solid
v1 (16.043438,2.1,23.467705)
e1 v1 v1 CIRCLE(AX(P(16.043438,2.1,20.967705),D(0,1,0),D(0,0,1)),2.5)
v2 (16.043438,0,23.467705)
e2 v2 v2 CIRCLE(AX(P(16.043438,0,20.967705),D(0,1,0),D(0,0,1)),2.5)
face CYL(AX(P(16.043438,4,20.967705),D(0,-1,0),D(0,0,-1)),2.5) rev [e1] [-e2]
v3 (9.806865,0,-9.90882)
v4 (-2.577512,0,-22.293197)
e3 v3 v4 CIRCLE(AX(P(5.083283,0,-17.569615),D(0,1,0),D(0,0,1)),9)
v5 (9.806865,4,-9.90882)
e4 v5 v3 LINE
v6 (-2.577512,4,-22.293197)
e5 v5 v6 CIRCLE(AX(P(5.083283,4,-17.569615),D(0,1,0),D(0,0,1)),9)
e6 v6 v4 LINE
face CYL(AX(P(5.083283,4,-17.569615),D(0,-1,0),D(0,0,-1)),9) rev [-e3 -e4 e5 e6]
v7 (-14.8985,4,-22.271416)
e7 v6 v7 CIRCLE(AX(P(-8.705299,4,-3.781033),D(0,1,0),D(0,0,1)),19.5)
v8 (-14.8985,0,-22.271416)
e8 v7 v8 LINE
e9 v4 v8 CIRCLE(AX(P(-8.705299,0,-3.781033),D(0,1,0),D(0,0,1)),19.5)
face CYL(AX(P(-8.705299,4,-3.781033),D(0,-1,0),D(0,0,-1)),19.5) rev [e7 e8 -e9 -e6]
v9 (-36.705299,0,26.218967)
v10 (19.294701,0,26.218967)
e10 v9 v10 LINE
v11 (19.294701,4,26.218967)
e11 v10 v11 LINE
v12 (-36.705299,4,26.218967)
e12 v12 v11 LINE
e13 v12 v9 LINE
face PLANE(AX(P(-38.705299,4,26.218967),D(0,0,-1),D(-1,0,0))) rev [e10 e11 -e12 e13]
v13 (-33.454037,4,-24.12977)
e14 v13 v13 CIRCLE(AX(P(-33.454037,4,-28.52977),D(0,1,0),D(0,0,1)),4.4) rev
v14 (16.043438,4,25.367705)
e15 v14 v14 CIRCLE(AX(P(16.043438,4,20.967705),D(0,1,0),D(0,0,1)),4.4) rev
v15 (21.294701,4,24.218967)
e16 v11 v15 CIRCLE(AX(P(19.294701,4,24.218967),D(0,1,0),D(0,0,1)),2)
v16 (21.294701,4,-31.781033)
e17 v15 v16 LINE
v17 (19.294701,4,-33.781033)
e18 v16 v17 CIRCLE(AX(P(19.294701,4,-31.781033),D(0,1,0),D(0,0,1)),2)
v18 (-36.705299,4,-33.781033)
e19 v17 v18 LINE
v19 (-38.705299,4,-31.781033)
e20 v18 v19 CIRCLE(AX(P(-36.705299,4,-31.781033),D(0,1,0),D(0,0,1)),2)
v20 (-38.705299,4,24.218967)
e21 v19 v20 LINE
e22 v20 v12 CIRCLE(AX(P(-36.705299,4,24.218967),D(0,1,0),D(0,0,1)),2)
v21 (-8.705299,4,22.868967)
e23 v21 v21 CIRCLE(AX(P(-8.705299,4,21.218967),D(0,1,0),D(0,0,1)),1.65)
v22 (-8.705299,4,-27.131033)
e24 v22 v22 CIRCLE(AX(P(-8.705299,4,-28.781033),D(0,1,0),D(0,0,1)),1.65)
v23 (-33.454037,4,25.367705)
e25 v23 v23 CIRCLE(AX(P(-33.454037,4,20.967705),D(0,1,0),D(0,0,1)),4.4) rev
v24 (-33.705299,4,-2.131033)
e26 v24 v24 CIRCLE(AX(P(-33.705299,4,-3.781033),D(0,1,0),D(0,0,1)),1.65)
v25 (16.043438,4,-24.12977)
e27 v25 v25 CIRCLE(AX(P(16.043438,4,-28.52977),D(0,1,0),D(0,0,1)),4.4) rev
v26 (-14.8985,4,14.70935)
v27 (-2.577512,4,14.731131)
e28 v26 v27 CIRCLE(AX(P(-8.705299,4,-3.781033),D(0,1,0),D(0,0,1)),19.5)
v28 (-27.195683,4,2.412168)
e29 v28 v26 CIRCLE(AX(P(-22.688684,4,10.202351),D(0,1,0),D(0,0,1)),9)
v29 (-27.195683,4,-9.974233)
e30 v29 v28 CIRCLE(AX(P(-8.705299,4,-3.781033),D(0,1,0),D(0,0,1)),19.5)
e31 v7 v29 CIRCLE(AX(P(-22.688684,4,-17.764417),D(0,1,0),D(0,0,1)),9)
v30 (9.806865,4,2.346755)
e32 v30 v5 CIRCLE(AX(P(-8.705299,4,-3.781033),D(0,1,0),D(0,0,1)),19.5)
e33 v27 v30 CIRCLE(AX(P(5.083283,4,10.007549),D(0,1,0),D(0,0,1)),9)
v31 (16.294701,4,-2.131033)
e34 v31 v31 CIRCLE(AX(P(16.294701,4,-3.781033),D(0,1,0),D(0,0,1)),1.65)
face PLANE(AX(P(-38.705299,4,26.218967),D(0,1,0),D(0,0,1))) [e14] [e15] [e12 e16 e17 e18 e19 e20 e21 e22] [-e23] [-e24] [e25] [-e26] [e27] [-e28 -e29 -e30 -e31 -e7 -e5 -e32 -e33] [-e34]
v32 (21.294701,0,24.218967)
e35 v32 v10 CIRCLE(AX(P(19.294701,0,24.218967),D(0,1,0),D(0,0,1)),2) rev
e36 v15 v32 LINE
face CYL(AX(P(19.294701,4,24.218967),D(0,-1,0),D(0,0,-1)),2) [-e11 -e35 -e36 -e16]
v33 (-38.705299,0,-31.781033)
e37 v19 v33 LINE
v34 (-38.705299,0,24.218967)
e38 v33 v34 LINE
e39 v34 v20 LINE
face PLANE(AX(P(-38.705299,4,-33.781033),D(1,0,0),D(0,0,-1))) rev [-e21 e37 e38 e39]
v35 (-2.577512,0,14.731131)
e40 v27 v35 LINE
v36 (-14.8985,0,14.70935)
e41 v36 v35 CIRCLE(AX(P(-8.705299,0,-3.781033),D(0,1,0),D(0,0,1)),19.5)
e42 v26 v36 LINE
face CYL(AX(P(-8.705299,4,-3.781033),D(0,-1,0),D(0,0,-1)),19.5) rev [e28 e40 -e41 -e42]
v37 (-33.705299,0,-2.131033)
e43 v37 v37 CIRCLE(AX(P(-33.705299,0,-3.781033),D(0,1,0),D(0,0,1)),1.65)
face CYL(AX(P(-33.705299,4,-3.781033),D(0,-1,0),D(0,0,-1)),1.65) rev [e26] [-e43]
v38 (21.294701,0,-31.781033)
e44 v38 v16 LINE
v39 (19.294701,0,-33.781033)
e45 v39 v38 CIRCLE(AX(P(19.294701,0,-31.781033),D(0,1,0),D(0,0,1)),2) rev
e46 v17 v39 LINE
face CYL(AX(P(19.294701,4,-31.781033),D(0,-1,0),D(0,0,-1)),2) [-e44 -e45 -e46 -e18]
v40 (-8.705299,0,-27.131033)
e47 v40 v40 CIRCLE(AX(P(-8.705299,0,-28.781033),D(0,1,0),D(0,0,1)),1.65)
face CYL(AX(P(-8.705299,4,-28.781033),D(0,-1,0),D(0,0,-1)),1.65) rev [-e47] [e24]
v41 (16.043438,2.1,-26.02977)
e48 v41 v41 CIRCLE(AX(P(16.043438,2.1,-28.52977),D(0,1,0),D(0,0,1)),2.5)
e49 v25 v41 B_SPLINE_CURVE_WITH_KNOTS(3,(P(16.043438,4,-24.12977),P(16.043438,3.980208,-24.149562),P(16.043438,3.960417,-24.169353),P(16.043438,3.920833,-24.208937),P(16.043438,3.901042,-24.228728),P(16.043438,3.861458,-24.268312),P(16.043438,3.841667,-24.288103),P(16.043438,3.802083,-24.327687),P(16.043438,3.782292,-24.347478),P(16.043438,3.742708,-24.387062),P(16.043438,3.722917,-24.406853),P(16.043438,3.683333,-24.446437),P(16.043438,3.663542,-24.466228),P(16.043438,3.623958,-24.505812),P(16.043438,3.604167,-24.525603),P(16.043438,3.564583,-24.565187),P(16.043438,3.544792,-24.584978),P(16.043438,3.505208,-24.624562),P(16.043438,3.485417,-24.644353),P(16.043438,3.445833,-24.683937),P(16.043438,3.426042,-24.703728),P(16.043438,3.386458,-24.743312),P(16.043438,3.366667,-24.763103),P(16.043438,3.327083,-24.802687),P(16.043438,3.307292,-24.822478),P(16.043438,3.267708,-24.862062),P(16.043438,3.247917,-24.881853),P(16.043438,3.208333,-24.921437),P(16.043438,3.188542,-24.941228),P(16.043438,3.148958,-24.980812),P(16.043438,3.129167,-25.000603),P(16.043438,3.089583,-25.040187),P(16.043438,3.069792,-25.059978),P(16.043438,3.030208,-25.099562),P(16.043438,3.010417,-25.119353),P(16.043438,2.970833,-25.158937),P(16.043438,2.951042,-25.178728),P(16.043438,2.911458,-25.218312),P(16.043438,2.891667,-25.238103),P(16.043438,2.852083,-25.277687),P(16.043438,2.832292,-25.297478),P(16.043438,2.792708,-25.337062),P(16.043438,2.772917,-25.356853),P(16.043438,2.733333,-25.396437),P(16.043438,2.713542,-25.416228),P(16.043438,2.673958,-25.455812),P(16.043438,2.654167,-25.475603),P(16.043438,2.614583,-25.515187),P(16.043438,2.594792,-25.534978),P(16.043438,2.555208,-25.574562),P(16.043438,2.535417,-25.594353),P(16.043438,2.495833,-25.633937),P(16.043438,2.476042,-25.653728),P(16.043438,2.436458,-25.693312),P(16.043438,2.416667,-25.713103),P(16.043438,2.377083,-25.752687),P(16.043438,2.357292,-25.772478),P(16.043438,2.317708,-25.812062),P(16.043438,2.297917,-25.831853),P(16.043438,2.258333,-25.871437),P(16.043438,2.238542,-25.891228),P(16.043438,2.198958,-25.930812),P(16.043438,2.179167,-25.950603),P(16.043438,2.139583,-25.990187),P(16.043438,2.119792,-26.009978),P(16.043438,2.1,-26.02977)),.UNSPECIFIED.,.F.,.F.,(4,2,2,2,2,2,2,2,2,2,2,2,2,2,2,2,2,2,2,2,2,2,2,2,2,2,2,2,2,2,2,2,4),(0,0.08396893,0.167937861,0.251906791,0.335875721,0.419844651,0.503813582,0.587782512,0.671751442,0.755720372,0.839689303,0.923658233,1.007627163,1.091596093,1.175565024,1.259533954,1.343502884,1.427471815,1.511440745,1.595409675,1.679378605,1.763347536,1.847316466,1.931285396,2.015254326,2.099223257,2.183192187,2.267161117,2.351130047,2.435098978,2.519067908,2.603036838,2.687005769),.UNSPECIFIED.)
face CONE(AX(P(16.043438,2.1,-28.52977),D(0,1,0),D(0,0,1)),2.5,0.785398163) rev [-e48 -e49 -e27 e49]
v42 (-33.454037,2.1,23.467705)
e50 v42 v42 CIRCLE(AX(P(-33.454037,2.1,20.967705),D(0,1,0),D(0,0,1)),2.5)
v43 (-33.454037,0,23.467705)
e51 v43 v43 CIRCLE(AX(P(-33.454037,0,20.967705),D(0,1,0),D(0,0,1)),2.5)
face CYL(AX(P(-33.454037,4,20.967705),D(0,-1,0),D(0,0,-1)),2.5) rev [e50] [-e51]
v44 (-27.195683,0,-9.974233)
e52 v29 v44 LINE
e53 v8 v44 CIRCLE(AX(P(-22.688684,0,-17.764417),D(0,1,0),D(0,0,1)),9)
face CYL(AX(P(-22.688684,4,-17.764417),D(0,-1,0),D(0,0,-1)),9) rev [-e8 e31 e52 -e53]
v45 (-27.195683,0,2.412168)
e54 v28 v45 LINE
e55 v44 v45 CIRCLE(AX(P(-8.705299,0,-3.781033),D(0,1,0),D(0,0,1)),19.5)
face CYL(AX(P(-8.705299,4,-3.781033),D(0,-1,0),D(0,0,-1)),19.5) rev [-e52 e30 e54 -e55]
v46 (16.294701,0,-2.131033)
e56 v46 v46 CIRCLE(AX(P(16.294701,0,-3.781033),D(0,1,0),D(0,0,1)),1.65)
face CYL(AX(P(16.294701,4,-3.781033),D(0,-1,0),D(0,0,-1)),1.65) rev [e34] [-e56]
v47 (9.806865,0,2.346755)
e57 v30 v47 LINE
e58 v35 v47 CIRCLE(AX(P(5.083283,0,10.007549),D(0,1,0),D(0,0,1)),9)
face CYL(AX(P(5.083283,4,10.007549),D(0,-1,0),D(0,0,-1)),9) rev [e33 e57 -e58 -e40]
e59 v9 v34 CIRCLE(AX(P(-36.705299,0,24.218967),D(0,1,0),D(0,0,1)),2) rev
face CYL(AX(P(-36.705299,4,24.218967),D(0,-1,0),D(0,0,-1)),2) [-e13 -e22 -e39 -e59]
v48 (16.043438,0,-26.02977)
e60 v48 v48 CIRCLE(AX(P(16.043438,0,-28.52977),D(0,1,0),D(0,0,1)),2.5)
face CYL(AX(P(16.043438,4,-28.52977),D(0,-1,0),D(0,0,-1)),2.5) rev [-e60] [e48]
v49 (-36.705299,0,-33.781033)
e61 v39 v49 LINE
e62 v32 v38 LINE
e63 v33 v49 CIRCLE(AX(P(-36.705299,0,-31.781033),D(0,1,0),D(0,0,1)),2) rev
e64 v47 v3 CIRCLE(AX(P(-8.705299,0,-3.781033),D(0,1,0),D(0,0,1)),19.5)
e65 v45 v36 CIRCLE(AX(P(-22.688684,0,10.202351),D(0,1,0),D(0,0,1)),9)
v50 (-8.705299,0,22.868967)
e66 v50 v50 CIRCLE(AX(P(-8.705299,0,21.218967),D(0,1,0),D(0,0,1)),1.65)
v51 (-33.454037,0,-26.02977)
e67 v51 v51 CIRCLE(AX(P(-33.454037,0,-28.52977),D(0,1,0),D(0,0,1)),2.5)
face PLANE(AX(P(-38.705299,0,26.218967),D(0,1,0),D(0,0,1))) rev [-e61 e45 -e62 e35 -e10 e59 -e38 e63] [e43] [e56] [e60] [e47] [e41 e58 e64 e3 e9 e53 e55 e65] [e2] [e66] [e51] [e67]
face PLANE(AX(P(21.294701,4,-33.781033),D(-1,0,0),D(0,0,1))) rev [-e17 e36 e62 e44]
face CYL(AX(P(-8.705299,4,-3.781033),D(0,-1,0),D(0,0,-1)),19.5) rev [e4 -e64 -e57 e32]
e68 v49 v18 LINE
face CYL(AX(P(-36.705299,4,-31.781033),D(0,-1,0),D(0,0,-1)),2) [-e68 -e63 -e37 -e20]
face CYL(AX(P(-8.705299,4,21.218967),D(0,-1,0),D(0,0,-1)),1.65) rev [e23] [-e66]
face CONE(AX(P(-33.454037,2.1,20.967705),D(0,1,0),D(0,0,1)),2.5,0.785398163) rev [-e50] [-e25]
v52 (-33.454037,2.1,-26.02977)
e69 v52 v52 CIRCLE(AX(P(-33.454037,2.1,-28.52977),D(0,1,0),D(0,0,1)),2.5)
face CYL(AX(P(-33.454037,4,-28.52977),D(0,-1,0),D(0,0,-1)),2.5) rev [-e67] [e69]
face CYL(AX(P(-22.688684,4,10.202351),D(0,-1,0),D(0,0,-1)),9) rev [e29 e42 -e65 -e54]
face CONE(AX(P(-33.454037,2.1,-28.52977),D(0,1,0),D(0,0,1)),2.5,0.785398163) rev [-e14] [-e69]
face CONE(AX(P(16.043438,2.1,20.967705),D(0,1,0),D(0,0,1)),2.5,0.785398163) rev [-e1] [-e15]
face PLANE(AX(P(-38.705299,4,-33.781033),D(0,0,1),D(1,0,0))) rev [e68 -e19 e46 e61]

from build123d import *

# Parameters (mm, degrees)
SKETCH_1_W      = 60
SKETCH_1_H      = 60
SKETCH_1_R      = 2.5
SKETCH_1_R_2    = 1.65
EXTRUDE_1_DEPTH = 4
FILLET_1_R      = 2
CHAMFER_1_SIZE  = 1.9


with BuildPart() as part:
    # Эскиз1 → Бобышка-Вытянуть1 (new body)
    with BuildSketch(Plane(origin=(0, 0, 0), x_dir=(1, 0, 0), z_dir=(0, 1, 0))):
        with Locations((-8.705299467, 3.781032797)):
            Rectangle(SKETCH_1_W, SKETCH_1_H)
        with Locations(Location((-33.454036809, 28.529770139, 0), (0, 0, 270))):
            Circle(SKETCH_1_R, mode=Mode.SUBTRACT)
        with Locations(Location((16.043437874, 28.529770139, 0), (0, 0, 270))):
            Circle(SKETCH_1_R, mode=Mode.SUBTRACT)
        with Locations(Location((-33.454036809, -20.967704544, 0), (0, 0, 270))):
            Circle(SKETCH_1_R, mode=Mode.SUBTRACT)
        with Locations(Location((16.043437874, -20.967704544, 0), (0, 0, 270))):
            Circle(SKETCH_1_R, mode=Mode.SUBTRACT)
        with Locations(Location((-33.705299467, 3.781032797, 0), (0, 0, 270))):
            Circle(SKETCH_1_R_2, mode=Mode.SUBTRACT)
        with Locations(Location((16.294700533, 3.781032797, 0), (0, 0, 270))):
            Circle(SKETCH_1_R_2, mode=Mode.SUBTRACT)
        with Locations(Location((-8.705299467, 28.781032797, 0), (0, 0, 270))):
            Circle(SKETCH_1_R_2, mode=Mode.SUBTRACT)
        with Locations(Location((-8.705299467, -21.218967203, 0), (0, 0, 270))):
            Circle(SKETCH_1_R_2, mode=Mode.SUBTRACT)
        with BuildLine():
            ThreePointArc((-27.195682571, 9.974233316), (-28.205299467, 3.781032797), (-27.195682571, -2.412167721))
            ThreePointArc((-27.195682571, -2.412167721), (-29.05264456, -16.566312295), (-14.898499986, -14.709350307))
            ThreePointArc((-14.898499986, -14.709350307), (-8.739771419, -15.718936733), (-2.577511871, -14.731131289))
            ThreePointArc((-2.577511871, -14.731131289), (11.447243796, -16.371510466), (9.806864619, -2.346754799))
            ThreePointArc((9.806864619, -2.346754799), (10.794700533, 3.781032797), (9.806864619, 9.908820393))
            ThreePointArc((9.806864619, 9.908820393), (11.447243796, 23.933576061), (-2.577511871, 22.293196884))
            ThreePointArc((-2.577511871, 22.293196884), (-8.739771419, 23.281002328), (-14.898499986, 22.271415901))
            ThreePointArc((-14.898499986, 22.271415901), (-29.05264456, 24.12837789), (-27.195682571, 9.974233316))
        make_face(mode=Mode.SUBTRACT)
    extrude(amount=EXTRUDE_1_DEPTH)

    # Скругление1
    fillet_1_edges = [part.edges().sort_by_distance(p)[0] for p in [
        (-38.705299467, 2, -33.781032797),
        (21.294700533, 2, -33.781032797),
        (21.294700533, 2, 26.218967203),
        (-38.705299467, 2, 26.218967203),
    ]]
    fillet(fillet_1_edges, radius=FILLET_1_R)

    # Фаска1
    chamfer_1_edges = [part.edges().sort_by_distance(p)[0] for p in [
        (-33.454036809, 4, -31.029770139),
        (16.043437874, 4, -31.029770139),
        (-33.454036809, 4, 18.467704544),
        (16.043437874, 4, 18.467704544),
    ]]
    chamfer(chamfer_1_edges, length=CHAMFER_1_SIZE)


solid = part.part
